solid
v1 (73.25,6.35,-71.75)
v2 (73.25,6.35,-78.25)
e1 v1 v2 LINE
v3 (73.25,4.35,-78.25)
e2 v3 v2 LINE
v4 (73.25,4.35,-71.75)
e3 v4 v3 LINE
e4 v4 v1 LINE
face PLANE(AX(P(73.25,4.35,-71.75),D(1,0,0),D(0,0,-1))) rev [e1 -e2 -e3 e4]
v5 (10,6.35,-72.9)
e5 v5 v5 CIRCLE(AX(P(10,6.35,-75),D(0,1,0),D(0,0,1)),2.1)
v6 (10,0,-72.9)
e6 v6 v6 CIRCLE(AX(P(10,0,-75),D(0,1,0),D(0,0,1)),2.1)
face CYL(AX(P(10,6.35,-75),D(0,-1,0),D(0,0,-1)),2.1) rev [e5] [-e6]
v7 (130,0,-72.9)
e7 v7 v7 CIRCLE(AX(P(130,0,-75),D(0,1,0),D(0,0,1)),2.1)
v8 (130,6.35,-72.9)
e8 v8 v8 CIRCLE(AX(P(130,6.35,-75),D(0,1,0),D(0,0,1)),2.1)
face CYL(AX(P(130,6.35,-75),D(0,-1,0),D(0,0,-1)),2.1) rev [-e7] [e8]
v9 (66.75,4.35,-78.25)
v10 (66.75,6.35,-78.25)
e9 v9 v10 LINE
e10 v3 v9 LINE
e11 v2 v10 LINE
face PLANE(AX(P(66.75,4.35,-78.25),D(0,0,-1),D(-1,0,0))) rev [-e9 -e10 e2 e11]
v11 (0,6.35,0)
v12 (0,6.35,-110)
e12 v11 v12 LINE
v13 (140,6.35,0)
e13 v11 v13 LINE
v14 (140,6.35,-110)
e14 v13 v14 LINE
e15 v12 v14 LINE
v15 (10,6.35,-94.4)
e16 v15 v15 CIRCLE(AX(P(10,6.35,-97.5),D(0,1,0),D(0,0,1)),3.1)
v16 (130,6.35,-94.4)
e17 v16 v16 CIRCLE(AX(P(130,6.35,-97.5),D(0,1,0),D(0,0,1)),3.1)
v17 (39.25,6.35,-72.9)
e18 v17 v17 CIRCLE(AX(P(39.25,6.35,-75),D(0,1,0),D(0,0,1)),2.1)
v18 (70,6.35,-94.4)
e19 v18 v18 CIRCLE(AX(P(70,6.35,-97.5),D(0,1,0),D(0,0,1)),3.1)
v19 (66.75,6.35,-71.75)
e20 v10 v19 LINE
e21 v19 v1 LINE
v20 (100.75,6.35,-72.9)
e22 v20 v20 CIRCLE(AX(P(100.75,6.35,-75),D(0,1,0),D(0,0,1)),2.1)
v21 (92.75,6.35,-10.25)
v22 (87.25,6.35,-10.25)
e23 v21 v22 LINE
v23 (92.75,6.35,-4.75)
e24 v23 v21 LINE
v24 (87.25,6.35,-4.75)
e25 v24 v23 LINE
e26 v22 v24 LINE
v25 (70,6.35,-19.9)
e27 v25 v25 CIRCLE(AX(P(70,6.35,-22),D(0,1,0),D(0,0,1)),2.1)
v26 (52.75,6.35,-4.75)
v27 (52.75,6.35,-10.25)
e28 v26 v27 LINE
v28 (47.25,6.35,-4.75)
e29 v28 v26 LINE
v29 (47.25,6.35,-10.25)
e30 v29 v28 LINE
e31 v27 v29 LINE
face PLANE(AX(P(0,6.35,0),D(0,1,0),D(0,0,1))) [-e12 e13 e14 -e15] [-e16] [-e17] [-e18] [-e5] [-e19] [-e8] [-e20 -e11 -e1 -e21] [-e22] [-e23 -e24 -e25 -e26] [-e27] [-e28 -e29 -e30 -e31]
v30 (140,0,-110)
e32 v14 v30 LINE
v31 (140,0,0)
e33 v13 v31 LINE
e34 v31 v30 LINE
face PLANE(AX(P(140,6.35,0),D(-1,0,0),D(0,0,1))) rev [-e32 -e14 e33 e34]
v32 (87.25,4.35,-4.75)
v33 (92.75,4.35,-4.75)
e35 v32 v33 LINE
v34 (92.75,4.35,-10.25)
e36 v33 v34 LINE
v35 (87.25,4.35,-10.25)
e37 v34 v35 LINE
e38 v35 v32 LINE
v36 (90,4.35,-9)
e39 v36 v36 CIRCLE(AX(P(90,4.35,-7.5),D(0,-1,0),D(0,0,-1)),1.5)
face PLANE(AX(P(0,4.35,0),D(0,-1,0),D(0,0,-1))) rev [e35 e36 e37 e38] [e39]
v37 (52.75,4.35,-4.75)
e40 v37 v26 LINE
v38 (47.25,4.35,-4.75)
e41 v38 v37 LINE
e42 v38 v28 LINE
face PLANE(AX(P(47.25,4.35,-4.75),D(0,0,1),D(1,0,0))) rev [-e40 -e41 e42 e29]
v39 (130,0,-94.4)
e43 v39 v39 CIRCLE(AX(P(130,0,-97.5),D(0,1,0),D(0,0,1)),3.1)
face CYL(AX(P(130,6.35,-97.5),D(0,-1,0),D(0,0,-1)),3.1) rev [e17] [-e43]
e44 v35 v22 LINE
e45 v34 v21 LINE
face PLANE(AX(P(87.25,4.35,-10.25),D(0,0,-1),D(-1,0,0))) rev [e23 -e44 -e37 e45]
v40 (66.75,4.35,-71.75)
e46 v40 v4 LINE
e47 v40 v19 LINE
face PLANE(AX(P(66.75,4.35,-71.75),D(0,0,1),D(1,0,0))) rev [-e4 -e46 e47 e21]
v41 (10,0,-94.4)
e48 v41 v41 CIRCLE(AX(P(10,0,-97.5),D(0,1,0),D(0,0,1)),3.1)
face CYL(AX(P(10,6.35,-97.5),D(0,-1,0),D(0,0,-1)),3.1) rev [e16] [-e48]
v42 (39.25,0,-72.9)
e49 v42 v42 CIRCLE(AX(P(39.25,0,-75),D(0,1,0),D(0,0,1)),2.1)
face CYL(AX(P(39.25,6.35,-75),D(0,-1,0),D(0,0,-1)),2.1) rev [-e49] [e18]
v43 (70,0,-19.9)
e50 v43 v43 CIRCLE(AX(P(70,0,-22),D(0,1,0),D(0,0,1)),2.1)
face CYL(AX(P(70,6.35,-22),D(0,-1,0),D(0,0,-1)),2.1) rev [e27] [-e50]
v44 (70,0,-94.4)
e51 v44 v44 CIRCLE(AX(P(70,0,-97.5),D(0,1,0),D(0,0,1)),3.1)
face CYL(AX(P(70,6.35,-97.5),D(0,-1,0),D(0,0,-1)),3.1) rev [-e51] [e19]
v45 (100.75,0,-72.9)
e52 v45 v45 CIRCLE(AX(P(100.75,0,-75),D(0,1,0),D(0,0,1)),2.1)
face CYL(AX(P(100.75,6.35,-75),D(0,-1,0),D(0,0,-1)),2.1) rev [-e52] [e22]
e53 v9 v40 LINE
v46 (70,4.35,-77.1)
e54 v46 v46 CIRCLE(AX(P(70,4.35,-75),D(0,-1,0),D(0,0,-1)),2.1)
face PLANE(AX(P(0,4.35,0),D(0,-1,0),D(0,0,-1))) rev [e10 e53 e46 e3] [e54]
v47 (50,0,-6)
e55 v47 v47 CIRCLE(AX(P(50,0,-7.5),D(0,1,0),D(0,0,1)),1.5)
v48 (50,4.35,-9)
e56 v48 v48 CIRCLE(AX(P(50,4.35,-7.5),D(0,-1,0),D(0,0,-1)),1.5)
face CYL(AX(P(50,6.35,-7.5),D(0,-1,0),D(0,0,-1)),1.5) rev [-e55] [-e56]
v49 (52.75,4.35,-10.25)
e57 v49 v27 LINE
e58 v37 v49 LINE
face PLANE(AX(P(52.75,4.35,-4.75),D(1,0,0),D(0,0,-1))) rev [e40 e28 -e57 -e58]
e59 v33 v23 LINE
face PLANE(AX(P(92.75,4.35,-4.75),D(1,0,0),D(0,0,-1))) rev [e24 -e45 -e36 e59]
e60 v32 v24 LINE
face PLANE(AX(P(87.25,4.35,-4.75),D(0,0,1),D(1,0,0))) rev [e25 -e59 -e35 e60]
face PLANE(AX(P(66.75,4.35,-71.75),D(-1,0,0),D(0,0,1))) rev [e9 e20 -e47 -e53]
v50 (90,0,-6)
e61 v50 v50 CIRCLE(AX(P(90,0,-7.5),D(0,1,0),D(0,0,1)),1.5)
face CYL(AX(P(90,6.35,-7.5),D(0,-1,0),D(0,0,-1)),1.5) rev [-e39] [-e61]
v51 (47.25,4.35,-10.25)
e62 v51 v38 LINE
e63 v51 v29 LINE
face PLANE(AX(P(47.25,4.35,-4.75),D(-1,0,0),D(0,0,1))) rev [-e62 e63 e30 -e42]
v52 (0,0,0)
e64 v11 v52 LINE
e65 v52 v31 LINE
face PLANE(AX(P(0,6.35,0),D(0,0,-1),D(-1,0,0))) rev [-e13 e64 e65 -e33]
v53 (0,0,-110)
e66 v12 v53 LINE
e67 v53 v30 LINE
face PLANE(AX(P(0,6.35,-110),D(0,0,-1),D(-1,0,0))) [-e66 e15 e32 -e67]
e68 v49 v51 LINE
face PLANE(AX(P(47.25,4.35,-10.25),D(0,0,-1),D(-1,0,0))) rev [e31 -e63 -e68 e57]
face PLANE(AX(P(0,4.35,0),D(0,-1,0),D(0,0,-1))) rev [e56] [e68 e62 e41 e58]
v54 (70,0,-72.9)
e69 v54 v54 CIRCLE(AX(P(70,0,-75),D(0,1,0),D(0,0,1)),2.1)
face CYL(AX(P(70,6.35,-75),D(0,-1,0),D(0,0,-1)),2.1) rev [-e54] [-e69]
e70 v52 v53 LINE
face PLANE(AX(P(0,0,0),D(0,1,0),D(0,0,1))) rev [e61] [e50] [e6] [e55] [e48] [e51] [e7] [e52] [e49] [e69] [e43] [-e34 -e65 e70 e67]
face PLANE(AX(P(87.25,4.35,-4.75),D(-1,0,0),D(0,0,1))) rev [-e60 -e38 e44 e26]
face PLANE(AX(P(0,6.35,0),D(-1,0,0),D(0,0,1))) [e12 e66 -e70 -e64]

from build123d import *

# Parameters (mm, degrees)
SKETCH2_W           = 140
SKETCH2_H           = 110
SKETCH2_R           = 2.1
SKETCH2_R_2         = 3.1
SKETCH2_R_3         = 1.5
BOSS_EXTRUDE2_DEPTH = 6.35
SKETCH3_W           = 6.5
SKETCH3_H           = 6.5
SKETCH3_W_2         = 5.5
SKETCH3_H_2         = 5.5
CUT_EXTRUDE1_DEPTH  = 2


with BuildPart() as part:
    # Sketch2 → Boss-Extrude2 (new body)
    with BuildSketch(Plane(origin=(0, 0, 0), x_dir=(1, 0, 0), z_dir=(0, 1, 0))):
        with Locations((70, 55)):
            Rectangle(SKETCH2_W, SKETCH2_H)
        with Locations(Location((39.25, 75, 0), (0, 0, 270))):
            Circle(SKETCH2_R, mode=Mode.SUBTRACT)
        with Locations(Location((100.75, 75, 0), (0, 0, 270))):
            Circle(SKETCH2_R, mode=Mode.SUBTRACT)
        with Locations(Location((70, 22, 0), (0, 0, 270))):
            Circle(SKETCH2_R, mode=Mode.SUBTRACT)
        with Locations(Location((10, 97.5, 0), (0, 0, 270))):
            Circle(SKETCH2_R_2, mode=Mode.SUBTRACT)
        with Locations(Location((70, 97.5, 0), (0, 0, 270))):
            Circle(SKETCH2_R_2, mode=Mode.SUBTRACT)
        with Locations(Location((130, 97.5, 0), (0, 0, 270))):
            Circle(SKETCH2_R_2, mode=Mode.SUBTRACT)
        with Locations(Location((10, 75, 0), (0, 0, 270))):
            Circle(SKETCH2_R, mode=Mode.SUBTRACT)
        with Locations(Location((70, 75, 0), (0, 0, 270))):
            Circle(SKETCH2_R, mode=Mode.SUBTRACT)
        with Locations(Location((130, 75, 0), (0, 0, 270))):
            Circle(SKETCH2_R, mode=Mode.SUBTRACT)
        with Locations(Location((50, 7.5, 0), (0, 0, 270))):
            Circle(SKETCH2_R_3, mode=Mode.SUBTRACT)
        with Locations(Location((90, 7.5, 0), (0, 0, 270))):
            Circle(SKETCH2_R_3, mode=Mode.SUBTRACT)
    extrude(amount=BOSS_EXTRUDE2_DEPTH)

    # Sketch3 → Cut-Extrude1 (cut)
    with BuildSketch(Plane(origin=(0, 6.35, 0), x_dir=(1, 0, 0), z_dir=(0, 1, 0))):
        with Locations((70, 75)):
            Rectangle(SKETCH3_W, SKETCH3_H)
        with Locations((50, 7.5)):
            Rectangle(SKETCH3_W_2, SKETCH3_H_2)
        with Locations((90, 7.5)):
            Rectangle(SKETCH3_W_2, SKETCH3_H_2)
    extrude(amount=-CUT_EXTRUDE1_DEPTH, mode=Mode.SUBTRACT)


solid = part.part
